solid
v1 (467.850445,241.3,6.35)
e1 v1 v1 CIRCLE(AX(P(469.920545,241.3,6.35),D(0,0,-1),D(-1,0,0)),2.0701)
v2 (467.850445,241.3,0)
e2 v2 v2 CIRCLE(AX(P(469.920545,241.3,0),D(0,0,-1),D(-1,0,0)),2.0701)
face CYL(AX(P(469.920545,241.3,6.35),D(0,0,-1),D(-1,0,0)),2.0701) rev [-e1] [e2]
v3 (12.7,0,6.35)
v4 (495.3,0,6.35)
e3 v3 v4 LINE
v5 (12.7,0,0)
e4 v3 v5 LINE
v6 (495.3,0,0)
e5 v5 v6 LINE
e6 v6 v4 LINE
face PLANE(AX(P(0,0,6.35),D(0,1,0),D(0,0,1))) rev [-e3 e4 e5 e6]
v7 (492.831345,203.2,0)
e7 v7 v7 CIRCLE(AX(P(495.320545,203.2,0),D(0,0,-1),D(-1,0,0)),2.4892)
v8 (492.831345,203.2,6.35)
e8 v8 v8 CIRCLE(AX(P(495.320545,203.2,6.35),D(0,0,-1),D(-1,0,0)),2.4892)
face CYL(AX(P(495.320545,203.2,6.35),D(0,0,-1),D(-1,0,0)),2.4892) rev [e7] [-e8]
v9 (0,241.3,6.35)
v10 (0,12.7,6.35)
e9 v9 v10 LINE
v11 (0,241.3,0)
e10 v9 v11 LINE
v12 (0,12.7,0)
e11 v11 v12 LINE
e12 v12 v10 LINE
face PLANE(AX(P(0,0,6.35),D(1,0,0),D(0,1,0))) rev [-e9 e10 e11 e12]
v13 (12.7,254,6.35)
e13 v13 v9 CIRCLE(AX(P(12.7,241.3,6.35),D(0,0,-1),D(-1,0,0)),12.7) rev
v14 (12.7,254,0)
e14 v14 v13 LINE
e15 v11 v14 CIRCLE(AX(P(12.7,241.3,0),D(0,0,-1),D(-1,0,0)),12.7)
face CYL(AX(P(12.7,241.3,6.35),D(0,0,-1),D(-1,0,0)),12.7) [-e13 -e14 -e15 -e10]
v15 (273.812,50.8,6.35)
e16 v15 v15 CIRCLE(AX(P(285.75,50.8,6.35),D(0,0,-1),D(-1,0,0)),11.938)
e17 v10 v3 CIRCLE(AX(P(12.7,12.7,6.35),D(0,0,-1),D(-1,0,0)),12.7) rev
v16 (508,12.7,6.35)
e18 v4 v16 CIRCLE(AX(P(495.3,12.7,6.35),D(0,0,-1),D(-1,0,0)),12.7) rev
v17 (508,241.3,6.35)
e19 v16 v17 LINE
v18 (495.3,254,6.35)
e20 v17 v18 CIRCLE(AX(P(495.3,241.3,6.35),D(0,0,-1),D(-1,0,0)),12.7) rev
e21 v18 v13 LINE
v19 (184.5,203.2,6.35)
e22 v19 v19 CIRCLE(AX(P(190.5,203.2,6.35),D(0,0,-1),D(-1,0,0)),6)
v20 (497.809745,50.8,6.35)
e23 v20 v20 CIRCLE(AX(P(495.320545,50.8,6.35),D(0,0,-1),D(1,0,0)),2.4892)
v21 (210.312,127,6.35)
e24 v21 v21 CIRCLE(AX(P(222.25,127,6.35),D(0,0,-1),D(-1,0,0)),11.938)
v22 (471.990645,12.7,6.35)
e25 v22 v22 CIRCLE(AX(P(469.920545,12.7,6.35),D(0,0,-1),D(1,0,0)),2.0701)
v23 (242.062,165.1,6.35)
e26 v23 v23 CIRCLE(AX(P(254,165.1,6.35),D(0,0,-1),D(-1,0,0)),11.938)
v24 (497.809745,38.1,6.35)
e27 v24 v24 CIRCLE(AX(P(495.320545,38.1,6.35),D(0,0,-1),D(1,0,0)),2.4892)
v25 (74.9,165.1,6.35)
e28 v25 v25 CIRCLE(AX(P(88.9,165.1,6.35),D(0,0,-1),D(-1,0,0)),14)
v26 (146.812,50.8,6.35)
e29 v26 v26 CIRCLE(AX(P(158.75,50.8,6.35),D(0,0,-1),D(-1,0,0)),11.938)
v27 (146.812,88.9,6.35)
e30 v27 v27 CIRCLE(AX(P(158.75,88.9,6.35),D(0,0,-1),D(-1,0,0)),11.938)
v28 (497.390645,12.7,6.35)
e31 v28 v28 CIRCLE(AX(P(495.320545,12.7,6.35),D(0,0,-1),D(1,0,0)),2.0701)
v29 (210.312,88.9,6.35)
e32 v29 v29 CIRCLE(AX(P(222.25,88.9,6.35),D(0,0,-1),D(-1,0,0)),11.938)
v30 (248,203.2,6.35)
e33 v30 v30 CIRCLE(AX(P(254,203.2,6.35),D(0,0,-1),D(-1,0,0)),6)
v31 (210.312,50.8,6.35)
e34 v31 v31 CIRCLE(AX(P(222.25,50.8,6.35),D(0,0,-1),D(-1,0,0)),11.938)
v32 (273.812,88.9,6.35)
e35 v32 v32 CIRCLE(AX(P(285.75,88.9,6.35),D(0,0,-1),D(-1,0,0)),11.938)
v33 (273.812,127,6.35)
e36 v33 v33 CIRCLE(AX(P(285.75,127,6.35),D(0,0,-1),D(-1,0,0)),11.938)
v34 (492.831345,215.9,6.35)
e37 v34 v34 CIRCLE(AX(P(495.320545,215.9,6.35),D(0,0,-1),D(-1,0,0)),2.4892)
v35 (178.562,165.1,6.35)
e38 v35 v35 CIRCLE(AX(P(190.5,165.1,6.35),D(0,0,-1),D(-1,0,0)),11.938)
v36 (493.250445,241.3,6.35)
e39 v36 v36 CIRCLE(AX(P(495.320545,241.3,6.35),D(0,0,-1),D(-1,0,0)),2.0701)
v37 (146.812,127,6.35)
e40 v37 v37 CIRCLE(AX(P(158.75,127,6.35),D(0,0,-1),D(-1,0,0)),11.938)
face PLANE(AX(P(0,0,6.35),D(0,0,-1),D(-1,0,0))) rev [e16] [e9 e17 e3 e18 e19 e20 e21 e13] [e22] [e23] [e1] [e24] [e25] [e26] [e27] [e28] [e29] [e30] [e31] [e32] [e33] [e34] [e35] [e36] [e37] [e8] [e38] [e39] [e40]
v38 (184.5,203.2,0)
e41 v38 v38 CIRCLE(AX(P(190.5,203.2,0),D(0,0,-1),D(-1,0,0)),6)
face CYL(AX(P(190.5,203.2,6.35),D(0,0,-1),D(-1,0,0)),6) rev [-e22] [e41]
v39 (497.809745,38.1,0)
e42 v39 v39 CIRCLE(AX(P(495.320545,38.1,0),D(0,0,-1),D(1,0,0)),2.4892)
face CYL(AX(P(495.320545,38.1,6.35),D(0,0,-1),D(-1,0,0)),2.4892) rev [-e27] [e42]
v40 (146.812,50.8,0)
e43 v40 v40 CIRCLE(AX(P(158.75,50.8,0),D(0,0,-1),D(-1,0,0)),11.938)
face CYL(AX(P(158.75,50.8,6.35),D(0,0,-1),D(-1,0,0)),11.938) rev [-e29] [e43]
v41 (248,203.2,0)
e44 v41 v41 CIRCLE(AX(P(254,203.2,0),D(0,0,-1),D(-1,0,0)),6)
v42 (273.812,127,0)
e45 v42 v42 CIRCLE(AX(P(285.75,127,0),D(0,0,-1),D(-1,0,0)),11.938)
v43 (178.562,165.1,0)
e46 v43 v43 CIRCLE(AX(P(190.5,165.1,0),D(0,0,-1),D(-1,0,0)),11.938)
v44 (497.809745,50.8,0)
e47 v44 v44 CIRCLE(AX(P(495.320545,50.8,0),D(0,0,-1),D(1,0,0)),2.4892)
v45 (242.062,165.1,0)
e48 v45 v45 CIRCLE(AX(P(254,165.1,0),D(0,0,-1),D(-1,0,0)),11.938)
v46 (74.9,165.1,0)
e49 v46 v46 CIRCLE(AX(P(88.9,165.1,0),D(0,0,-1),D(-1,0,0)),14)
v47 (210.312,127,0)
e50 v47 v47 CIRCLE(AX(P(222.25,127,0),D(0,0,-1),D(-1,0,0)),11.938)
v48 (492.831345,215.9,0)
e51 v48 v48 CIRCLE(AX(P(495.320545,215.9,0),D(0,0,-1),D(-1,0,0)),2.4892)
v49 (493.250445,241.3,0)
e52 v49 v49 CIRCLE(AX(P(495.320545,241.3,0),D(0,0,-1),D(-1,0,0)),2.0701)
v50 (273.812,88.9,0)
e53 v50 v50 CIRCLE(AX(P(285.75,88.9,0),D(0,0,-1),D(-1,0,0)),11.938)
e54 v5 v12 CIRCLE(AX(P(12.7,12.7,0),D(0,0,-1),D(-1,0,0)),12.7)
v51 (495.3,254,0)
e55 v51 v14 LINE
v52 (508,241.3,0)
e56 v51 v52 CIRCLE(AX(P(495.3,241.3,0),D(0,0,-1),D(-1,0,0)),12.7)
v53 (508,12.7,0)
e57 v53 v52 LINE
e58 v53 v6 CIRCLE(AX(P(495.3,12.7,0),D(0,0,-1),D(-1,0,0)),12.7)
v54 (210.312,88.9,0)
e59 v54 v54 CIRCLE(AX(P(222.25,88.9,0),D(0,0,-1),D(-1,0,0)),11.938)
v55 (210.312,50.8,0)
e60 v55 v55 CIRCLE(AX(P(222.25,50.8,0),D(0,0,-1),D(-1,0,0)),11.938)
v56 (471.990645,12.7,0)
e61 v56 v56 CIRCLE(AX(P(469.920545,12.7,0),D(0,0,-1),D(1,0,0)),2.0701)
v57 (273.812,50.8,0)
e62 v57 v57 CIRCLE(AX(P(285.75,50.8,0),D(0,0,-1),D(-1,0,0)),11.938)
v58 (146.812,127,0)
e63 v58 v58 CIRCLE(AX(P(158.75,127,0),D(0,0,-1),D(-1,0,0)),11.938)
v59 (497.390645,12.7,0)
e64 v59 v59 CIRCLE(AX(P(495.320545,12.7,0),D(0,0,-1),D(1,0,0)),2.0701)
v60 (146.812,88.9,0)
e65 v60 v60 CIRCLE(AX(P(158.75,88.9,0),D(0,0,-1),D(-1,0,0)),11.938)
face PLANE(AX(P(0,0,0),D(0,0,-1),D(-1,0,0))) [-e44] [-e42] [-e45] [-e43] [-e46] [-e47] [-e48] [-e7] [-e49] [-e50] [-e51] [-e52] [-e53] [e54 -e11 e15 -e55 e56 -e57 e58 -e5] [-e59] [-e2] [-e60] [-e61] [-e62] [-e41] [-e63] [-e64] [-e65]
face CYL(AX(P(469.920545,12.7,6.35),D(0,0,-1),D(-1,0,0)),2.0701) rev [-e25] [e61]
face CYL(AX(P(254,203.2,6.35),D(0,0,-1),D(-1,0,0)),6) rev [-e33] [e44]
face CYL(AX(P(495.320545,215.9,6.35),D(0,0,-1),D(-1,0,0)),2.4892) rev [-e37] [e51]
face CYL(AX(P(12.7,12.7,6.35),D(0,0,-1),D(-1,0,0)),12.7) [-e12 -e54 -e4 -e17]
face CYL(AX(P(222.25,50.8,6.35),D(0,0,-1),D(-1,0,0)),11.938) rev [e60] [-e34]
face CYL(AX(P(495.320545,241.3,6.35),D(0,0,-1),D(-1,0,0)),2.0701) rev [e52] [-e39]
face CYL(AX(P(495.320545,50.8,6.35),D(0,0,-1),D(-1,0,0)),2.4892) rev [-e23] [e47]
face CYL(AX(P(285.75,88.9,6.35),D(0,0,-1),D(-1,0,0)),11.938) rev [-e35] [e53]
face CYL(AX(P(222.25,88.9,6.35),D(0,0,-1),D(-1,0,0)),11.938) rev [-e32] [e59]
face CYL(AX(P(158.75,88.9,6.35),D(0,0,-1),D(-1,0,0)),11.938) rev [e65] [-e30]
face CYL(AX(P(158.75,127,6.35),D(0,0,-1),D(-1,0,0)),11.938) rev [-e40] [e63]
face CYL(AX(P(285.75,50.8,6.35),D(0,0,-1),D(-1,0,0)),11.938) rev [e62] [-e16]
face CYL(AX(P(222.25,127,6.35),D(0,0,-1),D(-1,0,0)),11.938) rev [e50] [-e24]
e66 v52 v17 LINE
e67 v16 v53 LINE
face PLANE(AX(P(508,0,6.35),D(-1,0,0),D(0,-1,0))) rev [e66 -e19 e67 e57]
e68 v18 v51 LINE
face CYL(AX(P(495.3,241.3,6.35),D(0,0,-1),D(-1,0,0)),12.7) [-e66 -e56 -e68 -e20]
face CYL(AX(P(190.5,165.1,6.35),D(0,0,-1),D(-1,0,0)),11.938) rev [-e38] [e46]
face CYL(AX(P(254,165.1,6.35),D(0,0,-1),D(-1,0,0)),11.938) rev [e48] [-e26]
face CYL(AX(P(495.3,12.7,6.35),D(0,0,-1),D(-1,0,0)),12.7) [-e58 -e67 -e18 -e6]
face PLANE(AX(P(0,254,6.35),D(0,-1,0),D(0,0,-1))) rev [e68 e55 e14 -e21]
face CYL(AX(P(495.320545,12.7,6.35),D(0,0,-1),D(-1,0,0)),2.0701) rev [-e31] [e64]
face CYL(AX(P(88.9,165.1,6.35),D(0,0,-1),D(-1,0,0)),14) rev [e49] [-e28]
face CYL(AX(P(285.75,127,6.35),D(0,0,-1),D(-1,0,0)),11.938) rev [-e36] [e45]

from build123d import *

# Parameters (mm, degrees)
SKETCH1_W           = 508
SKETCH1_H           = 254
BOSS_EXTRUDE1_DEPTH = 6.35
SKETCH3_R           = 11.938
SKETCH3_R_2         = 6
SKETCH3_R_3         = 14
CUT_EXTRUDE2_DEPTH  = 568.996762755
FILLET1_R           = 12.7
SKETCH4_R           = 2.0701
SKETCH4_R_2         = 2.4892
CUT_EXTRUDE3_DEPTH  = 568.996762755


with BuildPart() as part:
    # Sketch1 → Boss-Extrude1 (new body)
    with BuildSketch(Plane.XY):
        with Locations((254, 127)):
            Rectangle(SKETCH1_W, SKETCH1_H)
    extrude(amount=BOSS_EXTRUDE1_DEPTH)

    # Sketch3 → Cut-Extrude2 (cut, through all)
    with BuildSketch(Plane(origin=(0, 0, 0), x_dir=(-1, 0, 0), z_dir=(0, 0, -1))):
        with Locations((-158.75, 88.9)):
            Circle(SKETCH3_R)
        with Locations((-222.25, 88.9)):
            Circle(SKETCH3_R)
        with Locations((-158.75, 50.8)):
            Circle(SKETCH3_R)
        with Locations((-222.25, 50.8)):
            Circle(SKETCH3_R)
        with Locations((-222.25, 127)):
            Circle(SKETCH3_R)
        with Locations((-285.75, 127)):
            Circle(SKETCH3_R)
        with Locations((-285.75, 88.9)):
            Circle(SKETCH3_R)
        with Locations((-285.75, 50.8)):
            Circle(SKETCH3_R)
        with Locations((-254, 203.2)):
            Circle(SKETCH3_R_2)
        with Locations((-190.5, 203.2)):
            Circle(SKETCH3_R_2)
        with Locations((-158.75, 127)):
            Circle(SKETCH3_R)
        with Locations((-190.5, 165.1)):
            Circle(SKETCH3_R)
        with Locations((-254, 165.1)):
            Circle(SKETCH3_R)
        with Locations((-88.9, 165.1)):
            Circle(SKETCH3_R_3)
    extrude(amount=-CUT_EXTRUDE2_DEPTH, mode=Mode.SUBTRACT)

    # Fillet1
    fillet1_edges = [part.edges().sort_by_distance(p)[0] for p in [
        (508, 0, 3.175),
        (0, 0, 3.175),
        (0, 254, 3.175),
        (508, 254, 3.175),
    ]]
    fillet(fillet1_edges, radius=FILLET1_R)

    # Sketch4 → Cut-Extrude3 (cut, through all)
    with BuildSketch(Plane(origin=(0, 0, 0), x_dir=(-1, 0, 0), z_dir=(0, 0, -1))):
        with Locations((-495.320545376, 241.3)):
            Circle(SKETCH4_R)
        with Locations((-469.920545376, 241.3)):
            Circle(SKETCH4_R)
        with Locations((-495.320545376, 215.9)):
            Circle(SKETCH4_R_2)
        with Locations((-495.320545376, 203.2)):
            Circle(SKETCH4_R_2)
        with Locations((-469.920545376, 12.7)):
            Circle(SKETCH4_R)
        with Locations((-495.320545376, 50.8)):
            Circle(SKETCH4_R_2)
        with Locations((-495.320545376, 38.1)):
            Circle(SKETCH4_R_2)
        with Locations((-495.320545376, 12.7)):
            Circle(SKETCH4_R)
    extrude(amount=-CUT_EXTRUDE3_DEPTH, mode=Mode.SUBTRACT)


solid = part.part
